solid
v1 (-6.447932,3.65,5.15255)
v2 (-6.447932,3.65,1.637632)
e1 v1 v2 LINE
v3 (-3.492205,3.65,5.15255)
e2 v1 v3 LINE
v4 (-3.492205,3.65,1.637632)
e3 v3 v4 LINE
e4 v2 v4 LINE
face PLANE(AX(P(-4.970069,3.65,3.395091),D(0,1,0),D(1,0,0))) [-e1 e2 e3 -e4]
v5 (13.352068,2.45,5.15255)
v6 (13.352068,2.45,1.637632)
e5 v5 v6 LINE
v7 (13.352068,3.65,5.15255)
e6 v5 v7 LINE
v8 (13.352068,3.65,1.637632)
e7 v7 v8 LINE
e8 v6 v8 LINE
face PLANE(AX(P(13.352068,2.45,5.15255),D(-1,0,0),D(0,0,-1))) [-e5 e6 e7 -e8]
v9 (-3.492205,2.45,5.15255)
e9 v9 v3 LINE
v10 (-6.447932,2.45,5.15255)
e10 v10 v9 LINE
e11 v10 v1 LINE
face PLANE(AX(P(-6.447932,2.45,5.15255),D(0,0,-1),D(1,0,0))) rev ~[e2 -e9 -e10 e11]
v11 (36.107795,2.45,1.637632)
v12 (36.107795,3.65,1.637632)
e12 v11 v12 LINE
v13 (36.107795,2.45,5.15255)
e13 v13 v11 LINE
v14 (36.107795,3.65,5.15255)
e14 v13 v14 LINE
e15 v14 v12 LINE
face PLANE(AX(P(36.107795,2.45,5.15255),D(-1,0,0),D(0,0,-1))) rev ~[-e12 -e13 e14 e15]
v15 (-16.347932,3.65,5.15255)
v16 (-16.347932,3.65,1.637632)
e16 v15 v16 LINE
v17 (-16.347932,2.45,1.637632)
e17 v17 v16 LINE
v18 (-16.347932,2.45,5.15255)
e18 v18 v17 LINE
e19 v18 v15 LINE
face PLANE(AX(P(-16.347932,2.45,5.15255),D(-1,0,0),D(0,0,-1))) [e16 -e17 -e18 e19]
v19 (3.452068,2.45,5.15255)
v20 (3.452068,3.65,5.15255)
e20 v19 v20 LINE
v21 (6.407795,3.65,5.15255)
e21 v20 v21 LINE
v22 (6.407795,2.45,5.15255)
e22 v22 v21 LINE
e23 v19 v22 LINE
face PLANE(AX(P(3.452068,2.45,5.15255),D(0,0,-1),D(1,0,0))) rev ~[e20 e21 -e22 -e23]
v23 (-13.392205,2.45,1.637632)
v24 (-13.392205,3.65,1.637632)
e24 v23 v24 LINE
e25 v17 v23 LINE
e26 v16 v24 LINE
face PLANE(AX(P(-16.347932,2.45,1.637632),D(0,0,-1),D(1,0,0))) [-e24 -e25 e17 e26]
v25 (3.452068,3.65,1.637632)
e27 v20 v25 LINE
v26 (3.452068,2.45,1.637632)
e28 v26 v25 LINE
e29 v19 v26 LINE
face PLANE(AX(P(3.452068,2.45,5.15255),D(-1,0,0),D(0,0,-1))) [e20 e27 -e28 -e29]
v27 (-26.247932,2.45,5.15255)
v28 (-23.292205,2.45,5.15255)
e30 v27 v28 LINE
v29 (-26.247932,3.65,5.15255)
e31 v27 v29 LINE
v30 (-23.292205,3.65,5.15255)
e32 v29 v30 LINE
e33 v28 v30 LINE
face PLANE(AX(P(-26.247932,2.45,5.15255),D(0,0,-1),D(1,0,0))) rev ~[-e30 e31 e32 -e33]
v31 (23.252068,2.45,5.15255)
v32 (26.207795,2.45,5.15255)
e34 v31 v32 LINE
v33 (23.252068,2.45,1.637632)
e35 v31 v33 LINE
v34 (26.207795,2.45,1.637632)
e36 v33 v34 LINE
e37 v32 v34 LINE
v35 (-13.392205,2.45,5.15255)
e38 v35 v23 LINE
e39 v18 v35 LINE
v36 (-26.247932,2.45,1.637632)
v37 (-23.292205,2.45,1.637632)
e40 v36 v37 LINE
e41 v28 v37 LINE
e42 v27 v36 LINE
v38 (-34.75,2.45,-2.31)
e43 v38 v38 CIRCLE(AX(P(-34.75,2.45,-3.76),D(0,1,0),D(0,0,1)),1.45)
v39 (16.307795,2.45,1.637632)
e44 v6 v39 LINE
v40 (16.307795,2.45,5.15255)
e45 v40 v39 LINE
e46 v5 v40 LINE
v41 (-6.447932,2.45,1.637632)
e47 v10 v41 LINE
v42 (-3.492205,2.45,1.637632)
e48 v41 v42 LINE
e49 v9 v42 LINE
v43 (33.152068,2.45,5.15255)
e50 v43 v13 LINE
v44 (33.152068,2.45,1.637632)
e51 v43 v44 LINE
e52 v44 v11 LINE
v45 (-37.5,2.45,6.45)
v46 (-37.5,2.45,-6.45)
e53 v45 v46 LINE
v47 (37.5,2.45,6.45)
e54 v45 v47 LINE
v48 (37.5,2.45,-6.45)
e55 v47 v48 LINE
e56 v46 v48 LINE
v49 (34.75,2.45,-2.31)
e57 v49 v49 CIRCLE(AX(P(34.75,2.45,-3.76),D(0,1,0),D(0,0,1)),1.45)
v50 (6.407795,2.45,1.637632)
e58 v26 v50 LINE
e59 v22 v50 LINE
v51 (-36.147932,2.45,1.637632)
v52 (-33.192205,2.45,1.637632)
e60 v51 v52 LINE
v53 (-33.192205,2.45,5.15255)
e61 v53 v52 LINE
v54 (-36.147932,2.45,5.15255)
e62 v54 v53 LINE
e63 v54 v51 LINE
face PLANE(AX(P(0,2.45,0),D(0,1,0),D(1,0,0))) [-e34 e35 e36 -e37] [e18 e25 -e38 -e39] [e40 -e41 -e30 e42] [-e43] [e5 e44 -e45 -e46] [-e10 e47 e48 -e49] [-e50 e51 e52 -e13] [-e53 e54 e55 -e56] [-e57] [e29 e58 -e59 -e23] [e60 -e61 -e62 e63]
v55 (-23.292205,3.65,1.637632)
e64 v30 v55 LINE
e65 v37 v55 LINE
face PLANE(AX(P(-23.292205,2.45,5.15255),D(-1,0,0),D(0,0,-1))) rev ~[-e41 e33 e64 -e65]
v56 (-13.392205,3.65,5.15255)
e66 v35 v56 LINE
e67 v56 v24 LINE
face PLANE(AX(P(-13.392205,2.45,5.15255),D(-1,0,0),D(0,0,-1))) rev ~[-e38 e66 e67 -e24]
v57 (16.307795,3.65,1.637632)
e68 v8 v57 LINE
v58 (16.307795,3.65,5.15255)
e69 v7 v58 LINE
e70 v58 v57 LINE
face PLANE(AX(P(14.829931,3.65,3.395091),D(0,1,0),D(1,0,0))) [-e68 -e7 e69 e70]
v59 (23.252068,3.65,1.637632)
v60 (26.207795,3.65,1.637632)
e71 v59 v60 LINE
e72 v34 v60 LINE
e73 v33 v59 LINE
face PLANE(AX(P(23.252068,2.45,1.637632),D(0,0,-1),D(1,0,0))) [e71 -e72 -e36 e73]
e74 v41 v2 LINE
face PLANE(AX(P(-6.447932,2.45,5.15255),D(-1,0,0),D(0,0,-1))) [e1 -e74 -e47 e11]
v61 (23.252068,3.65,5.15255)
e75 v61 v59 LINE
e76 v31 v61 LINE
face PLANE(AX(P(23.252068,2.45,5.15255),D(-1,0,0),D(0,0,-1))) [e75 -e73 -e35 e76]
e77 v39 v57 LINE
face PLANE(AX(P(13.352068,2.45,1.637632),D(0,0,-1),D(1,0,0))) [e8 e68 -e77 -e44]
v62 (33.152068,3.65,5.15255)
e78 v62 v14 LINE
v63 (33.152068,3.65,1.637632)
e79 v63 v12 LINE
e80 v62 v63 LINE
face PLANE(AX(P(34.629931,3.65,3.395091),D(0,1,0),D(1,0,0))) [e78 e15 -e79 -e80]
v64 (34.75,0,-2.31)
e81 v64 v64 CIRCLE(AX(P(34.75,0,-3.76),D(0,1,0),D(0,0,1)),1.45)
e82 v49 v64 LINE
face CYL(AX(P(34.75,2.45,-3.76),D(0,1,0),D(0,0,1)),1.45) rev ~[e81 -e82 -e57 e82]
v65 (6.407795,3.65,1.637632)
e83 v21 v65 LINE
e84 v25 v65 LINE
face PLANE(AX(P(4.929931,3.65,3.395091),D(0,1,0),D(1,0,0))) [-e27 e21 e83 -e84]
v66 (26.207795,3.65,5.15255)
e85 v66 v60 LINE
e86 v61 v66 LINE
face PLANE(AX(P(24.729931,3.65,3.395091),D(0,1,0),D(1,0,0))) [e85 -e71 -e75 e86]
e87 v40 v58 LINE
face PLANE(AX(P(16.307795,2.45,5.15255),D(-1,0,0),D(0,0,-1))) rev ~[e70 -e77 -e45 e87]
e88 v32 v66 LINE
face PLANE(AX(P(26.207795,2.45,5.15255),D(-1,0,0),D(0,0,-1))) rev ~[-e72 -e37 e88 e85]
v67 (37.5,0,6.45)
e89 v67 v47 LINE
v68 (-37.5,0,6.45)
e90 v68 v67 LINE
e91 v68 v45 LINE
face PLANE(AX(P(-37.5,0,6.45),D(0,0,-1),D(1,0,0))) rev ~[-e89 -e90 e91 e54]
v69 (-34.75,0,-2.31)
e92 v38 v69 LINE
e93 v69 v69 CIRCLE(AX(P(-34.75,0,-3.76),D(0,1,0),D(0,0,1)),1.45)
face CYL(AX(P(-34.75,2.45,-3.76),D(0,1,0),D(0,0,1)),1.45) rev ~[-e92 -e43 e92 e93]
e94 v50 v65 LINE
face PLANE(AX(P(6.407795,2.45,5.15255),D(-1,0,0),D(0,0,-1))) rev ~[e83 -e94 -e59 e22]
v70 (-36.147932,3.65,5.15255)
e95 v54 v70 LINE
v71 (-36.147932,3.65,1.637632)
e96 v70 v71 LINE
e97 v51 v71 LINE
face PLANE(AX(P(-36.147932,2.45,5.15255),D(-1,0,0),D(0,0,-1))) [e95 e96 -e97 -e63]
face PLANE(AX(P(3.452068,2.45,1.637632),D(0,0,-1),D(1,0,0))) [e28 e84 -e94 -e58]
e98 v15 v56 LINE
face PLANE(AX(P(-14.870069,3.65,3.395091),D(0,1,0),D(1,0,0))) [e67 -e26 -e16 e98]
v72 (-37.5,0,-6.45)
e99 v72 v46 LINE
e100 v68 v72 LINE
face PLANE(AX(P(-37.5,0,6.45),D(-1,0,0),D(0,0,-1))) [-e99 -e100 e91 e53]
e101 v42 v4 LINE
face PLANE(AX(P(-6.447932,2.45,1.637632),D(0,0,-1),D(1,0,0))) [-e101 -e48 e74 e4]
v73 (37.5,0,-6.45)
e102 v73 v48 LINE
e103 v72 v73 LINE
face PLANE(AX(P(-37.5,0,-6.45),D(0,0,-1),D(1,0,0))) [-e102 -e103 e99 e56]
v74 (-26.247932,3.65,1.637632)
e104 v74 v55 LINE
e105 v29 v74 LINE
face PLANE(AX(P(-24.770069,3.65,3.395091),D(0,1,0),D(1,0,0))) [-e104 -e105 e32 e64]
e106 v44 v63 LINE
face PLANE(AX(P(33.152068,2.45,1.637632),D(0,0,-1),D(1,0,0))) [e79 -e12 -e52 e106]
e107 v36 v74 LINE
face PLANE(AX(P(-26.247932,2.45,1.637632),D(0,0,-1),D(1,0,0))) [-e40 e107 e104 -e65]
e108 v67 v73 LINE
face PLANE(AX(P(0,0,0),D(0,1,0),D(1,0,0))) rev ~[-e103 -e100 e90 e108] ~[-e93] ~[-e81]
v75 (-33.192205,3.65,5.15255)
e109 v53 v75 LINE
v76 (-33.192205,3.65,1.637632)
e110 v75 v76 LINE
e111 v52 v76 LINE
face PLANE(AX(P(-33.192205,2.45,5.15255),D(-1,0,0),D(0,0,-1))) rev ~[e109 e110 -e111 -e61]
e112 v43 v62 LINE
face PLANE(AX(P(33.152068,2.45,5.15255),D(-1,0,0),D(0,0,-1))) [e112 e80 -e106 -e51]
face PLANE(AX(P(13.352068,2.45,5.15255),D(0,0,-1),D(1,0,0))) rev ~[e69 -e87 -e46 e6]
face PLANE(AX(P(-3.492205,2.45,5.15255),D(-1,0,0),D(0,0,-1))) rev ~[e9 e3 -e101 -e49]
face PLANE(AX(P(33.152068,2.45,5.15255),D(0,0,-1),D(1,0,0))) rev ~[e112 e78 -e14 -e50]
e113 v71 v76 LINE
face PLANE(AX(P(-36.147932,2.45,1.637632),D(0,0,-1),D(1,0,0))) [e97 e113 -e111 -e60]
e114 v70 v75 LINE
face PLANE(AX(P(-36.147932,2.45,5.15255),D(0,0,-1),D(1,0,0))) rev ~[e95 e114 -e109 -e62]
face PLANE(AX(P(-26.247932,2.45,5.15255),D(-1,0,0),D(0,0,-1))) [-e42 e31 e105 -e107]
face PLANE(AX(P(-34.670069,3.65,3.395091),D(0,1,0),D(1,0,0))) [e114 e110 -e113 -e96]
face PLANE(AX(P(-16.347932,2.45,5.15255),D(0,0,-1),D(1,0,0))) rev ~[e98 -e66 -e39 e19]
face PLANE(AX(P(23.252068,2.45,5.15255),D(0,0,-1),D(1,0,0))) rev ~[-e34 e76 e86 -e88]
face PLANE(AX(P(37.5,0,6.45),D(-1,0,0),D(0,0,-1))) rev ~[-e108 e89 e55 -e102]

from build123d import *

# Parameters (mm, degrees)
SKETCH4_W           = 75
SKETCH4_H           = 12.9
BOSS_EXTRUDE3_DEPTH = 2.45
SKETCH5_R           = 1.45
CUT_EXTRUDE2_DEPTH  = 2.45
SKETCH6_W           = 2.955726541
SKETCH6_H           = 3.514918049
BOSS_EXTRUDE4_DEPTH = 1.2


with BuildPart() as part:
    # Sketch4 → Boss-Extrude3 (new body)
    with BuildSketch(Plane(origin=(0, 0, 0), x_dir=(1, 0, 0), z_dir=(0, 1, 0))):
        Rectangle(SKETCH4_W, SKETCH4_H)
    extrude(amount=BOSS_EXTRUDE3_DEPTH)

    # Sketch5 → Cut-Extrude2 (cut)
    with BuildSketch(Plane(origin=(0, 2.45, 0), x_dir=(1, 0, 0), z_dir=(0, 1, 0))):
        with Locations(Location((34.75, 3.76, 0), (0, 0, 270))):
            Circle(SKETCH5_R)
        with Locations(Location((-34.75, 3.76, 0), (0, 0, 270))):
            Circle(SKETCH5_R)
    extrude(amount=-CUT_EXTRUDE2_DEPTH, mode=Mode.SUBTRACT)

    # Sketch6 → Boss-Extrude4 (add)
    with BuildSketch(Plane(origin=(0, 2.45, 0), x_dir=(1, 0, 0), z_dir=(0, 1, 0))):
        with Locations((24.729931231, -3.395091298)):
            Rectangle(SKETCH6_W, SKETCH6_H)
        with Locations((34.629931231, -3.395091298)):
            Rectangle(SKETCH6_W, SKETCH6_H)
        with Locations((14.829931231, -3.395091298)):
            Rectangle(SKETCH6_W, SKETCH6_H)
        with Locations((4.929931231, -3.395091298)):
            Rectangle(SKETCH6_W, SKETCH6_H)
        with Locations((-4.97006877, -3.395091298)):
            Rectangle(SKETCH6_W, SKETCH6_H)
        with Locations((-14.87006877, -3.395091298)):
            Rectangle(SKETCH6_W, SKETCH6_H)
        with Locations((-24.770068769, -3.395091298)):
            Rectangle(SKETCH6_W, SKETCH6_H)
        with Locations((-34.67006877, -3.395091298)):
            Rectangle(SKETCH6_W, SKETCH6_H)
    extrude(amount=BOSS_EXTRUDE4_DEPTH)


solid = part.part
